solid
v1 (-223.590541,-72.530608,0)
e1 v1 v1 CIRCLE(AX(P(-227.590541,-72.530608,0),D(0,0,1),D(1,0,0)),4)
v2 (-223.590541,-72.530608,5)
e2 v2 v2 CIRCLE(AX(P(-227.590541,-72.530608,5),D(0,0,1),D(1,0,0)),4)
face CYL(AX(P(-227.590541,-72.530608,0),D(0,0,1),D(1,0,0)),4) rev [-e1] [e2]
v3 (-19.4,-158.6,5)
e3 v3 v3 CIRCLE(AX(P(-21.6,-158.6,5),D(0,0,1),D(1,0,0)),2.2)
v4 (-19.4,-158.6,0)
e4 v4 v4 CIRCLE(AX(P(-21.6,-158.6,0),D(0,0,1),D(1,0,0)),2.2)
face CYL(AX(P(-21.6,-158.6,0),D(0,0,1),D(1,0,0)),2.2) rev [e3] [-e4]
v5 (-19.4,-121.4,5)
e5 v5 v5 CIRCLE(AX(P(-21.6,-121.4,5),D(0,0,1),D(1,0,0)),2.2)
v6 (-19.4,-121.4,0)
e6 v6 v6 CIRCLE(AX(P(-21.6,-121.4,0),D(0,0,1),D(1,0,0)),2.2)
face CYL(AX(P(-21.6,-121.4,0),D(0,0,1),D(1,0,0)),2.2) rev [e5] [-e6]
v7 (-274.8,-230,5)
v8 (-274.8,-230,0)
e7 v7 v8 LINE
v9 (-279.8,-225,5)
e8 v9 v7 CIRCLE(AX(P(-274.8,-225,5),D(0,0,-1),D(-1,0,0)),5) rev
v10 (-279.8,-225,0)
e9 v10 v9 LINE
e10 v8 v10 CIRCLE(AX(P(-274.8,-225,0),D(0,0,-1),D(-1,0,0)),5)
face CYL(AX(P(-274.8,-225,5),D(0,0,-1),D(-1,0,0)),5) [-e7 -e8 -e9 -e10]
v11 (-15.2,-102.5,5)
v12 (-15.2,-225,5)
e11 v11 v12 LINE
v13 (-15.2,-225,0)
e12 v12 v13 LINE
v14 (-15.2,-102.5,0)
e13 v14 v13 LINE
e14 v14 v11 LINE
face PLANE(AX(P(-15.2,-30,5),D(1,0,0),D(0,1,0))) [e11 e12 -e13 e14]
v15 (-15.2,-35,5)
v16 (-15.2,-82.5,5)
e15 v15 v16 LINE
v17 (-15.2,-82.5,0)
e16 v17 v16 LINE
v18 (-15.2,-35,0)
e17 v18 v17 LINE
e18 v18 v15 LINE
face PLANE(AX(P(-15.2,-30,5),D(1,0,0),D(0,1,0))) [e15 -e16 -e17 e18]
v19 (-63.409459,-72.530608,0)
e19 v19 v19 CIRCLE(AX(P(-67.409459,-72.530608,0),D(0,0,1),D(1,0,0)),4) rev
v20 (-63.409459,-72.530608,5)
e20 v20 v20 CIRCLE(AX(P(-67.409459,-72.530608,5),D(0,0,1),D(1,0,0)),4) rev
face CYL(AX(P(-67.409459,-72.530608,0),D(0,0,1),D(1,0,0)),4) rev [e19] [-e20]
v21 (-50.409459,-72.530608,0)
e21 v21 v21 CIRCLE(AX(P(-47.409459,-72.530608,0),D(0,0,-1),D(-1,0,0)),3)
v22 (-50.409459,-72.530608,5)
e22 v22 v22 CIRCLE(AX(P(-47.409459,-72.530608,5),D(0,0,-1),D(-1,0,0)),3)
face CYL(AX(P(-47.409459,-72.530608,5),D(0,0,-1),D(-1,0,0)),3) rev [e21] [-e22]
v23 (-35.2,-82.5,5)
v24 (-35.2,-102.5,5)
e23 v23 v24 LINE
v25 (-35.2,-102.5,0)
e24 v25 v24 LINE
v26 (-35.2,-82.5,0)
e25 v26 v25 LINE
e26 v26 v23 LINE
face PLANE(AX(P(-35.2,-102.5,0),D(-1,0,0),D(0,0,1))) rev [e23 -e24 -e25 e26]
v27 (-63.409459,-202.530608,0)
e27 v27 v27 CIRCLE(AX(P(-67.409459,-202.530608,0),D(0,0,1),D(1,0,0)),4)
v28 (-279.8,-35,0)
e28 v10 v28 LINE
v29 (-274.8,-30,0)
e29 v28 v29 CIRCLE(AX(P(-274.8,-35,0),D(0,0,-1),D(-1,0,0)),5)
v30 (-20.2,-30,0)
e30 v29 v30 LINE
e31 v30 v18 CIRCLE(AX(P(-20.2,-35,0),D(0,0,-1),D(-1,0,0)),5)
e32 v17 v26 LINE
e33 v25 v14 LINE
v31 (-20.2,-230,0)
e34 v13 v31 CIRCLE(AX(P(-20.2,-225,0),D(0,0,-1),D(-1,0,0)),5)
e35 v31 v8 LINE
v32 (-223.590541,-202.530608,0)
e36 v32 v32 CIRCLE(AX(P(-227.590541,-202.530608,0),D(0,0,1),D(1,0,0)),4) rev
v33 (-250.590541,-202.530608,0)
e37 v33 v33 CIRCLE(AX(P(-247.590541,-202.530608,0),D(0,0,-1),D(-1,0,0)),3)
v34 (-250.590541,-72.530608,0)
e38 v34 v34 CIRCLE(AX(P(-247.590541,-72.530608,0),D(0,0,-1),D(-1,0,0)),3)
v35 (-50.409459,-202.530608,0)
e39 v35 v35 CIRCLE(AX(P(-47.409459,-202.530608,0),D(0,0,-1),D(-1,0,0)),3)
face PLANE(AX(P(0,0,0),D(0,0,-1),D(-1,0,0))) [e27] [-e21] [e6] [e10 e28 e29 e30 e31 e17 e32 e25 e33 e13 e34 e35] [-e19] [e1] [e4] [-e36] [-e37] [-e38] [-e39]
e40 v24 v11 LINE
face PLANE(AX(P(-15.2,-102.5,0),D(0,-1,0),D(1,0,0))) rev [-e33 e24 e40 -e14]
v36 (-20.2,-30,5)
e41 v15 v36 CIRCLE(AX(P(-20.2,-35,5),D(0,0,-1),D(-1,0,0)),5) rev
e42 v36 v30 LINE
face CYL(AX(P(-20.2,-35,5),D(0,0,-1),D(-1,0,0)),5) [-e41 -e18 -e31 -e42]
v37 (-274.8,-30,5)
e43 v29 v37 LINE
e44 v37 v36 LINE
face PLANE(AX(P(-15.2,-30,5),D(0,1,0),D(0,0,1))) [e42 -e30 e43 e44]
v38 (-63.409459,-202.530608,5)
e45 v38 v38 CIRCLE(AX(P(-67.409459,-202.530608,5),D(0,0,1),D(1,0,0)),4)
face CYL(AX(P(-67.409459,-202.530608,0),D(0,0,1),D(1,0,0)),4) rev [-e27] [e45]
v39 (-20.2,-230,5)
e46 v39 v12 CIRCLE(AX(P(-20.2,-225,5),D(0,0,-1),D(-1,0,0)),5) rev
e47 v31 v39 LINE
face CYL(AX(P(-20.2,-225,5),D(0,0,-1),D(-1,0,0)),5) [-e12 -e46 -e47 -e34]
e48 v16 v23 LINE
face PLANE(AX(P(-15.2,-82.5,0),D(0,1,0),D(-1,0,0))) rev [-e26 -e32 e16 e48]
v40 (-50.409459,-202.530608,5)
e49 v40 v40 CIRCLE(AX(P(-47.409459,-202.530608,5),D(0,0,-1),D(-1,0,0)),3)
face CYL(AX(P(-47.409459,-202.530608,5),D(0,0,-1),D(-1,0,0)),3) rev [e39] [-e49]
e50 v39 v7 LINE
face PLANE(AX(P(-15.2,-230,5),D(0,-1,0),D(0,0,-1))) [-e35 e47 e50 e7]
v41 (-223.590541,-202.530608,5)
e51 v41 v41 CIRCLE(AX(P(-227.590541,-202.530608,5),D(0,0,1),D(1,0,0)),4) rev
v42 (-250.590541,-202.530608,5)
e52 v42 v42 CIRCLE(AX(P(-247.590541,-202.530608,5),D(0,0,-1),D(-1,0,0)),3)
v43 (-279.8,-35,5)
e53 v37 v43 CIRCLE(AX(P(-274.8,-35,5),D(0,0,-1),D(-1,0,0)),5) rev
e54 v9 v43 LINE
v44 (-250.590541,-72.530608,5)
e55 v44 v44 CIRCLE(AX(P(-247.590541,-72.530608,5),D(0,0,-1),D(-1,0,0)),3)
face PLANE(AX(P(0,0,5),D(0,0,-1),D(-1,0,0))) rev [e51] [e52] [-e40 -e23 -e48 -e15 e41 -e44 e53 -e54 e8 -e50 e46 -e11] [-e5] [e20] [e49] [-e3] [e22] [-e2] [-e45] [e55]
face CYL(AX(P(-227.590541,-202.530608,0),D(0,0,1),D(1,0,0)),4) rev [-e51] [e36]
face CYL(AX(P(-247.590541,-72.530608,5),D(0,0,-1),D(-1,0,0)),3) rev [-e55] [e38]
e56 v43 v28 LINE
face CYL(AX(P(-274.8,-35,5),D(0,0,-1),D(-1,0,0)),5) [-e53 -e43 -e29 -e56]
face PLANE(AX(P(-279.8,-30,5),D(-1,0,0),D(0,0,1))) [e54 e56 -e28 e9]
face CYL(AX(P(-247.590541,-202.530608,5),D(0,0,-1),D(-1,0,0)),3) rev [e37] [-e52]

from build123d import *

# Parameters (mm, degrees)
ESQUISSE1_W             = 295
ESQUISSE1_H             = 260
BOSS_EXTRU_1_DEPTH      = 5
ESQUISSE3_OUTSIDE_W     = 375.652
ESQUISSE3_OUTSIDE_H     = 340.652
ESQUISSE3_OUTSIDE_W_2   = 264.6
ESQUISSE3_OUTSIDE_H_2   = 200
ENL_V_MAT_EXTRU_2_DEPTH = 394.255642045
CONG_1_R                = 5
ESQUISSE4_R             = 3
ENL_V_MAT_EXTRU_3_DEPTH = 363.233405417
ESQUISSE5_R             = 4
ENL_V_MAT_EXTRU_4_DEPTH = 363.233405417
ESQUISSE8_R             = 2.2
ENL_V_MAT_EXTRU_7_DEPTH = 363.233405417
ESQUISSE9_W             = 20
ESQUISSE9_H             = 20
ENL_V_MAT_EXTRU_8_DEPTH = 363.233405417


with BuildPart() as part:
    # Esquisse1 → Boss.-Extru.1 (new body)
    with BuildSketch(Plane.XY):
        with Locations((-147.5, -130)):
            Rectangle(ESQUISSE1_W, ESQUISSE1_H)
    extrude(amount=BOSS_EXTRU_1_DEPTH)

    # Esquisse3 outside → Enlèv. mat.-Extru.2 (cut, through all)
    with BuildSketch(Plane(origin=(0, 0, 0), x_dir=(-1, 0, 0), z_dir=(0, 0, -1))):
        with Locations((147.5, -130)):
            Rectangle(ESQUISSE3_OUTSIDE_W, ESQUISSE3_OUTSIDE_H)
        with Locations((147.5, -130)):
            Rectangle(ESQUISSE3_OUTSIDE_W_2, ESQUISSE3_OUTSIDE_H_2, mode=Mode.SUBTRACT)
    extrude(amount=-ENL_V_MAT_EXTRU_2_DEPTH, mode=Mode.SUBTRACT)

    # Congé1
    cong_1_edges = [part.edges().sort_by_distance(p)[0] for p in [
        (-279.8, -30, 2.5),
        (-15.2, -30, 2.5),
        (-279.8, -230, 2.5),
        (-15.2, -230, 2.5),
    ]]
    fillet(cong_1_edges, radius=CONG_1_R)

    # Esquisse4 → Enlèv. mat.-Extru.3 (cut, through all)
    with BuildSketch(Plane(origin=(0, 0, 0), x_dir=(-1, 0, 0), z_dir=(0, 0, -1))):
        with Locations((47.409458813, -72.530608435)):
            Circle(ESQUISSE4_R)
        with Locations((47.409458813, -202.530608435)):
            Circle(ESQUISSE4_R)
        with Locations((247.590541187, -202.530608435)):
            Circle(ESQUISSE4_R)
        with Locations((247.590541187, -72.530608435)):
            Circle(ESQUISSE4_R)
    extrude(amount=-ENL_V_MAT_EXTRU_3_DEPTH, mode=Mode.SUBTRACT)

    # Esquisse5 → Enlèv. mat.-Extru.4 (cut, through all)
    with BuildSketch(Plane.XY.offset(5)):
        with Locations((-227.590541187, -202.530608435)):
            Circle(ESQUISSE5_R)
        with Locations((-67.409458813, -202.530608435)):
            Circle(ESQUISSE5_R)
        with Locations((-227.590541187, -72.530608435)):
            Circle(ESQUISSE5_R)
        with Locations((-67.409458813, -72.530608435)):
            Circle(ESQUISSE5_R)
    extrude(amount=-ENL_V_MAT_EXTRU_4_DEPTH, mode=Mode.SUBTRACT)

    # Esquisse8 → Enlèv. mat.-Extru.7 (cut, through all)
    with BuildSketch(Plane.XY.offset(5)):
        with Locations((-21.6, -158.6)):
            Circle(ESQUISSE8_R)
        with Locations((-21.6, -121.4)):
            Circle(ESQUISSE8_R)
    extrude(amount=-ENL_V_MAT_EXTRU_7_DEPTH, mode=Mode.SUBTRACT)

    # Esquisse9 → Enlèv. mat.-Extru.8 (cut, through all)
    with BuildSketch(Plane.XY.offset(5)):
        with Locations((-25.2, -92.5)):
            Rectangle(ESQUISSE9_W, ESQUISSE9_H)
    extrude(amount=-ENL_V_MAT_EXTRU_8_DEPTH, mode=Mode.SUBTRACT)


solid = part.part
